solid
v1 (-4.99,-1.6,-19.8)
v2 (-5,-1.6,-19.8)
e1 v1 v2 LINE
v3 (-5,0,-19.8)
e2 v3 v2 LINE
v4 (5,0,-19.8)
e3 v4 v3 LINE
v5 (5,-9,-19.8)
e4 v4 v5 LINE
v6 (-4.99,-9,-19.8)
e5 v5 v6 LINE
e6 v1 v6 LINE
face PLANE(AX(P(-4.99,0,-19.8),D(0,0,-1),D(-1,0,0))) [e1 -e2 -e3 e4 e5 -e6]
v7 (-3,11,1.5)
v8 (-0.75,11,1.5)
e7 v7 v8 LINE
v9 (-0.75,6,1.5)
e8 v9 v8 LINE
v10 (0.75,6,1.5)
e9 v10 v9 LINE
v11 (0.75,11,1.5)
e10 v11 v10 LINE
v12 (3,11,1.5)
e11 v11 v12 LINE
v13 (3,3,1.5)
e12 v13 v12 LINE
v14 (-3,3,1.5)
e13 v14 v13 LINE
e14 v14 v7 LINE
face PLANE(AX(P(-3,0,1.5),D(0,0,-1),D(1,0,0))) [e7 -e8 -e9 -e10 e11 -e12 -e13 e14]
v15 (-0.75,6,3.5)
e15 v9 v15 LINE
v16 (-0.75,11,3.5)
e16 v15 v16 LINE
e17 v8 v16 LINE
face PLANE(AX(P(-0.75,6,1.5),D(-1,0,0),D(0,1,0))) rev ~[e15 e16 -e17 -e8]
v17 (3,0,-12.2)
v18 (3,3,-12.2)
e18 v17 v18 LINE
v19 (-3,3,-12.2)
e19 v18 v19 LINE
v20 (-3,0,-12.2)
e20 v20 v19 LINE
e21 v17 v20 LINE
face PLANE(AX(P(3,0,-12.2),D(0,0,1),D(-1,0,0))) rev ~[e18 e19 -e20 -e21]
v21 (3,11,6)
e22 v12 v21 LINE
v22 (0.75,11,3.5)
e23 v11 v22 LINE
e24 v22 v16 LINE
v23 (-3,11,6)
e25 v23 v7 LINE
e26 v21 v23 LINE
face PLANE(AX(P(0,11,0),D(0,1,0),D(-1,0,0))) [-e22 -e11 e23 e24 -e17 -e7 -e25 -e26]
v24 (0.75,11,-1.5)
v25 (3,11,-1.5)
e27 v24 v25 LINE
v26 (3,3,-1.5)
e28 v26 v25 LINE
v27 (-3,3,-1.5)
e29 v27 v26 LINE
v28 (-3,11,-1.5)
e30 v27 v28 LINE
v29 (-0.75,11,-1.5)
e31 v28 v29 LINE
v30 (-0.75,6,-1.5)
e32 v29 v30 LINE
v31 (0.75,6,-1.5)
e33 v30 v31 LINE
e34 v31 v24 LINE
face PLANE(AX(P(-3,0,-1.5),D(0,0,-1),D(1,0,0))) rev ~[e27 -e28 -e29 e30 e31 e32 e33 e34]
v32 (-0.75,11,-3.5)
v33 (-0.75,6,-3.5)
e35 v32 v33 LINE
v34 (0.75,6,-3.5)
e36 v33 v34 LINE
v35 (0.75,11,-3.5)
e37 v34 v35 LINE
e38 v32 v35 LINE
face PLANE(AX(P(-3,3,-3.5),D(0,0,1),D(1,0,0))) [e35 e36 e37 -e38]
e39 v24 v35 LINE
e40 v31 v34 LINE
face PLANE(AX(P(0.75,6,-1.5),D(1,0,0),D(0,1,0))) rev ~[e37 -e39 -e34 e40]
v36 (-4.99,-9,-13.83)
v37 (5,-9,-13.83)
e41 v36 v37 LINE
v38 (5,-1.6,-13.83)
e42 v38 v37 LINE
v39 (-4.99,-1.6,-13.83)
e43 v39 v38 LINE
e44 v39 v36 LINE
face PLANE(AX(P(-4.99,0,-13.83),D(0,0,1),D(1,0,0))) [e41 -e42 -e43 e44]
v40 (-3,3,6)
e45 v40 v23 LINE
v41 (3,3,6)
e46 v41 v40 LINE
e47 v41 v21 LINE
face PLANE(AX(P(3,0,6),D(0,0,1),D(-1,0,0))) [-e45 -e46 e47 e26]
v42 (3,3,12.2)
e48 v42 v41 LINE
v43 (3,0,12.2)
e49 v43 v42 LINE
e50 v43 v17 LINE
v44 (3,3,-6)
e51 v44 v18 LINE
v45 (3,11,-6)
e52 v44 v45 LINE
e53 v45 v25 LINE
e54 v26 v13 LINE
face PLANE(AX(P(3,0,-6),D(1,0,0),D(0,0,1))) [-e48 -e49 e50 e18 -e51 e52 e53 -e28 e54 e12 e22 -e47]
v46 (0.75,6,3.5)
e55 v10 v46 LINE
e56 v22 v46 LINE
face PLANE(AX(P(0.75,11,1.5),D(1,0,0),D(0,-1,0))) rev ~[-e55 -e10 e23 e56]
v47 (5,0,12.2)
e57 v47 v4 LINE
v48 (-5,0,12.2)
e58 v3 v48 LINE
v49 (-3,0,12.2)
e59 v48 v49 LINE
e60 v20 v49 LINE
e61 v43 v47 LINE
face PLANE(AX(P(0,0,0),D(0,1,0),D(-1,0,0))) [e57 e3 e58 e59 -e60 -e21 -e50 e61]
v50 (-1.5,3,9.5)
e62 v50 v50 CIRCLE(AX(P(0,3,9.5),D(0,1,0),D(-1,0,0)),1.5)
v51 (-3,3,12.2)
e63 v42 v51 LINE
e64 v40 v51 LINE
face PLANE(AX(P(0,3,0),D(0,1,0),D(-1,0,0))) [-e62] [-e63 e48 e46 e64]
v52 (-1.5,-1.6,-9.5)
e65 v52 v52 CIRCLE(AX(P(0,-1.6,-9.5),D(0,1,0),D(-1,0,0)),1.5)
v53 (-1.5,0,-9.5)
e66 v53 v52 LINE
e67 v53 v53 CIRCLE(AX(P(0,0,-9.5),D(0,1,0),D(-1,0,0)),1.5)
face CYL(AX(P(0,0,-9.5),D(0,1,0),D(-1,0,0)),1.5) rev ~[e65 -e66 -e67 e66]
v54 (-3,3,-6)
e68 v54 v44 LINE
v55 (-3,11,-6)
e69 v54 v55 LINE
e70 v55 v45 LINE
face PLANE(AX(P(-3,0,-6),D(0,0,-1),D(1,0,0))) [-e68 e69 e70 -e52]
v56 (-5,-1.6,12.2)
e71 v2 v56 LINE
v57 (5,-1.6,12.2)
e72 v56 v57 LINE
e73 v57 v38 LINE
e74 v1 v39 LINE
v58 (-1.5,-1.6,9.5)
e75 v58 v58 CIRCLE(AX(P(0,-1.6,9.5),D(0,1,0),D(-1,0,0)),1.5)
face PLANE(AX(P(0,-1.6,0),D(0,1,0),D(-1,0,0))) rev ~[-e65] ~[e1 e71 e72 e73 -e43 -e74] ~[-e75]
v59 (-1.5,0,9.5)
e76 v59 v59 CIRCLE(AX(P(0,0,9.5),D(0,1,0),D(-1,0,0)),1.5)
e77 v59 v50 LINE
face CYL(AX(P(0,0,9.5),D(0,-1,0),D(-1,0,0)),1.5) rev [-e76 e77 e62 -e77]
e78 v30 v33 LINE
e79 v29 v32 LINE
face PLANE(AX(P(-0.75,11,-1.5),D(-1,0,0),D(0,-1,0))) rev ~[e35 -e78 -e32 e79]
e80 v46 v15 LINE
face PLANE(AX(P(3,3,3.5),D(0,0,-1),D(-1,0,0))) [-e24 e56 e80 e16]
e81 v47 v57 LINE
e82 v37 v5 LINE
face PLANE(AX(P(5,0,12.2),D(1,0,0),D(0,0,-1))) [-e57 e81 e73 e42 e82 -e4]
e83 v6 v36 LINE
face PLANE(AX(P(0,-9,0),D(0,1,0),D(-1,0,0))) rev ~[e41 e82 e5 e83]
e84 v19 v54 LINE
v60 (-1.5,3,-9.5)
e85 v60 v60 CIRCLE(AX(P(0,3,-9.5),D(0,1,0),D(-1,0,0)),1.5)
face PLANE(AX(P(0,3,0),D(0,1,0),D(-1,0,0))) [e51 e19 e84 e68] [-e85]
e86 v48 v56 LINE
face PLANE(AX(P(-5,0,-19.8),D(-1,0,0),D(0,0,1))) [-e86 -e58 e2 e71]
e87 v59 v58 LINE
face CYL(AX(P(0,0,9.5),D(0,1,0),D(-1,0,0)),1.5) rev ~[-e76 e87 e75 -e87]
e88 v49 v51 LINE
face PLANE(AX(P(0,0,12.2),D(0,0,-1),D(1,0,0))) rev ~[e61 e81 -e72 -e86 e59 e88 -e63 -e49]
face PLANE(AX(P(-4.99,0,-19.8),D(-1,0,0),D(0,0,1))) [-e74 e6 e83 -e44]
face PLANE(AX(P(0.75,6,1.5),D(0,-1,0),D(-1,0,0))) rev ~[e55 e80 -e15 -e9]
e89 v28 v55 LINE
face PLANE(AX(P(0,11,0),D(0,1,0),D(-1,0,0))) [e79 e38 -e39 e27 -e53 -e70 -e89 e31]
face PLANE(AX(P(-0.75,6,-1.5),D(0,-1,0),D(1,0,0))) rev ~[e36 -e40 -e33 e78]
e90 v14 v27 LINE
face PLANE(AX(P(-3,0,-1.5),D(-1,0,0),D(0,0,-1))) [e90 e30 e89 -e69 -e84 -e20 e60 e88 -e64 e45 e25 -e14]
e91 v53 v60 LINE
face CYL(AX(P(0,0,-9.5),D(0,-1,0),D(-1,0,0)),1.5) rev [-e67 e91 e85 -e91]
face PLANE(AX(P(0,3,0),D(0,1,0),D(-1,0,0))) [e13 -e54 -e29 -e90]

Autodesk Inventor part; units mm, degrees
ref_plane "YZ Plane" through (0, 0, 0) normal (1, 0, 0) x (0, 1, 0)
ref_plane "XZ Plane" through (0, 0, 0) normal (0, 1, 0) x (-1, 0, 0)
ref_plane "XY Plane" through (0, 0, 0) normal (0, 0, 1) x (1, 0, 0)
sketch "Sketch1" plane through (0, 0, 0) normal (0, 1, 0) x (-1, 0, 0)
  circle A0 centre (0, 9.5) radius 1.5
  circle A1 centre (0, -9.5) radius 1.5
  line L0 (-3, 6) -> (3, 6)
  line L1 (3, 6) -> (3, -6)
  line L2 (3, -6) -> (-3, -6)
  line L3 (-3, -6) -> (-3, 6)
  line L4 (-3, 6) -> (3, -6) construction
  line L5 (3, 6) -> (-3, -6) construction
  line L6 (3, 12.2) -> (-3, 12.2)
  line L7 (-3, 12.2) -> (-3, -12.2)
  line L8 (-3, -12.2) -> (3, -12.2)
  line L9 (3, -12.2) -> (3, 12.2)
  line L10 (3, 12.2) -> (-3, -12.2) construction
  line L11 (-3, 12.2) -> (3, -12.2) construction
  line L12 (0, 12.2) -> (5, 12.2)
  line L13 (0, 12.2) -> (-5, 12.2)
  line L14 (-5, 12.2) -> (-5, -19.8)
  line L15 (-5, -19.8) -> (5, -19.8)
  line L16 (5, -19.8) -> (5, 12.2)
  line L17 (5, -19.8) -> (-0.01, -19.8)
  line L18 (4.99, -13.83) -> (-5.01, -13.83)
  line L19 (-5.01, -13.83) -> (-5.01, -19.83)
  line L20 (-5.01, -19.83) -> (4.99, -19.83)
  line L21 (4.99, -19.83) -> (4.99, -13.83)
  line L22 (4.99, -13.83) -> (-5.01, -19.83) construction
  line L23 (-5.01, -13.83) -> (4.99, -19.83) construction
  line L24 (3, 6) -> (3, 1.5)
  line L25 (3, 1.5) -> (-3, 1.5)
  line L26 (-3, 6) -> (3, 6)
  line L27 (-3, 6) -> (-3, 1.5)
  line L28 (3, -6) -> (3, -1.5)
  line L29 (3, -1.5) -> (-3, -1.5)
  line L30 (-3, -1.5) -> (-3, -6)
  line L31 (-3, -6) -> (3, -6)
  line L32 (-0.01, -16.83) -> (-0.01, -19.8)
  point P0 (0, 0)
  point P1 (0, 0)
  point P2 (0, -30.9776)
  point P3 (-5, -13.83)
  point P4 (-5, -19.33)
  point P5 (4.99, -19.8)
  dimension "d0" = 3
  dimension "d1" = 3
  dimension "d2" = 19
  dimension "d3" = 6
  dimension "d4" = 12
  dimension "d5" = 3.5
  dimension "d6" = 3.5
  dimension "d7" = 6
  dimension "d8" = 24.4
  dimension "d11" = 5
  dimension "d12" = 5
  dimension "d13" = 32
  dimension "d14" = 90
  dimension "d15" = 10
  dimension "d16" = 5.01
  dimension "d18" = 10
  dimension "d19" = 6
  dimension "d20" = 4.5
  dimension "d21" = 4.5
extrude "Extrusion5" add sketch "Sketch1" against normal blind 1.6 contours A0 | A1 | L7 L6 L9 L0 | L0 L1 L25 L3 | L3 L7 L8 L9 L1 L12 L16 L15 L21 L18 L14 L13 | L25 L1 L29 L3 | L29 L1 L2 L3 | L2 L9 L8 L7 | L18 L21 L15 L14
extrude "Extrusion6" cut sketch "Sketch1" along normal mid plane 10 contours A0
extrude "Extrusion7" cut sketch "Sketch1" along normal mid plane 10 contours A1
extrude "Extrusion8" add sketch "Sketch1" along normal blind 3 contours L7 L6 L9 L0
extrude "Extrusion9" add sketch "Sketch1" along normal blind 3 contours L2 L9 L8 L7
extrude "Extrusion10" add sketch "Sketch1" against normal blind 9 contours L18 L21 L15 L14
extrude "Extrusion11" add sketch "Sketch1" along normal blind 3 contours L25 L1 L29 L3
extrude "Extrusion12" add sketch "Sketch1" along normal blind 11 contours L0 L1 L25 L3
extrude "Extrusion13" add sketch "Sketch1" along normal blind 11 contours L29 L1 L2 L3
sketch "Sketch2" plane through (-3, 3, -1.5) normal (0, 0, 1) x (1, 0, 0)
  line L0 (0, 8) -> (6, 8) projected
  line L1 (0, 8) -> (2.25, 8)
  line L2 (0, -3) -> (6, -3) projected
  line L3 (2.25, 8) -> (2.25, 3)
  line L4 (2.25, 3) -> (3.75, 3)
  line L5 (3.75, 3) -> (3.75, 8)
  line L6 (3.75, 8) -> (6, 8)
  line L7 (2.25, 8) -> (3.75, 8)
  point P0 (3, -3)
  dimension "d48" = 2.25
  dimension "d49" = 5
  dimension "d50" = 1.5
extrude "Extrusion14" cut sketch "Sketch2" against normal blind 2
sketch "Sketch3" plane through (3, 3, 1.5) normal (0, 0, -1) x (-1, 0, 0)
  line L0 (0, 8) -> (6, 8) projected
  line L1 (0, 8) -> (2.25, 8)
  line L2 (2.25, 8) -> (2.25, 3)
  line L3 (3.75, 3) -> (3.75, 8) projected
  line L4 (2.25, 3) -> (3.75, 3)
  line L5 (3.75, 3) -> (3.75, 8)
  line L6 (3.75, 8) -> (2.25, 8)
  point P0 (3, -3)
  dimension "d53" = 2.25
  dimension "d54" = 5
  dimension "d55" = 1.5
extrude "Extrusion15" cut sketch "Sketch3" against normal blind 2
properties part number "photointerrupter"
